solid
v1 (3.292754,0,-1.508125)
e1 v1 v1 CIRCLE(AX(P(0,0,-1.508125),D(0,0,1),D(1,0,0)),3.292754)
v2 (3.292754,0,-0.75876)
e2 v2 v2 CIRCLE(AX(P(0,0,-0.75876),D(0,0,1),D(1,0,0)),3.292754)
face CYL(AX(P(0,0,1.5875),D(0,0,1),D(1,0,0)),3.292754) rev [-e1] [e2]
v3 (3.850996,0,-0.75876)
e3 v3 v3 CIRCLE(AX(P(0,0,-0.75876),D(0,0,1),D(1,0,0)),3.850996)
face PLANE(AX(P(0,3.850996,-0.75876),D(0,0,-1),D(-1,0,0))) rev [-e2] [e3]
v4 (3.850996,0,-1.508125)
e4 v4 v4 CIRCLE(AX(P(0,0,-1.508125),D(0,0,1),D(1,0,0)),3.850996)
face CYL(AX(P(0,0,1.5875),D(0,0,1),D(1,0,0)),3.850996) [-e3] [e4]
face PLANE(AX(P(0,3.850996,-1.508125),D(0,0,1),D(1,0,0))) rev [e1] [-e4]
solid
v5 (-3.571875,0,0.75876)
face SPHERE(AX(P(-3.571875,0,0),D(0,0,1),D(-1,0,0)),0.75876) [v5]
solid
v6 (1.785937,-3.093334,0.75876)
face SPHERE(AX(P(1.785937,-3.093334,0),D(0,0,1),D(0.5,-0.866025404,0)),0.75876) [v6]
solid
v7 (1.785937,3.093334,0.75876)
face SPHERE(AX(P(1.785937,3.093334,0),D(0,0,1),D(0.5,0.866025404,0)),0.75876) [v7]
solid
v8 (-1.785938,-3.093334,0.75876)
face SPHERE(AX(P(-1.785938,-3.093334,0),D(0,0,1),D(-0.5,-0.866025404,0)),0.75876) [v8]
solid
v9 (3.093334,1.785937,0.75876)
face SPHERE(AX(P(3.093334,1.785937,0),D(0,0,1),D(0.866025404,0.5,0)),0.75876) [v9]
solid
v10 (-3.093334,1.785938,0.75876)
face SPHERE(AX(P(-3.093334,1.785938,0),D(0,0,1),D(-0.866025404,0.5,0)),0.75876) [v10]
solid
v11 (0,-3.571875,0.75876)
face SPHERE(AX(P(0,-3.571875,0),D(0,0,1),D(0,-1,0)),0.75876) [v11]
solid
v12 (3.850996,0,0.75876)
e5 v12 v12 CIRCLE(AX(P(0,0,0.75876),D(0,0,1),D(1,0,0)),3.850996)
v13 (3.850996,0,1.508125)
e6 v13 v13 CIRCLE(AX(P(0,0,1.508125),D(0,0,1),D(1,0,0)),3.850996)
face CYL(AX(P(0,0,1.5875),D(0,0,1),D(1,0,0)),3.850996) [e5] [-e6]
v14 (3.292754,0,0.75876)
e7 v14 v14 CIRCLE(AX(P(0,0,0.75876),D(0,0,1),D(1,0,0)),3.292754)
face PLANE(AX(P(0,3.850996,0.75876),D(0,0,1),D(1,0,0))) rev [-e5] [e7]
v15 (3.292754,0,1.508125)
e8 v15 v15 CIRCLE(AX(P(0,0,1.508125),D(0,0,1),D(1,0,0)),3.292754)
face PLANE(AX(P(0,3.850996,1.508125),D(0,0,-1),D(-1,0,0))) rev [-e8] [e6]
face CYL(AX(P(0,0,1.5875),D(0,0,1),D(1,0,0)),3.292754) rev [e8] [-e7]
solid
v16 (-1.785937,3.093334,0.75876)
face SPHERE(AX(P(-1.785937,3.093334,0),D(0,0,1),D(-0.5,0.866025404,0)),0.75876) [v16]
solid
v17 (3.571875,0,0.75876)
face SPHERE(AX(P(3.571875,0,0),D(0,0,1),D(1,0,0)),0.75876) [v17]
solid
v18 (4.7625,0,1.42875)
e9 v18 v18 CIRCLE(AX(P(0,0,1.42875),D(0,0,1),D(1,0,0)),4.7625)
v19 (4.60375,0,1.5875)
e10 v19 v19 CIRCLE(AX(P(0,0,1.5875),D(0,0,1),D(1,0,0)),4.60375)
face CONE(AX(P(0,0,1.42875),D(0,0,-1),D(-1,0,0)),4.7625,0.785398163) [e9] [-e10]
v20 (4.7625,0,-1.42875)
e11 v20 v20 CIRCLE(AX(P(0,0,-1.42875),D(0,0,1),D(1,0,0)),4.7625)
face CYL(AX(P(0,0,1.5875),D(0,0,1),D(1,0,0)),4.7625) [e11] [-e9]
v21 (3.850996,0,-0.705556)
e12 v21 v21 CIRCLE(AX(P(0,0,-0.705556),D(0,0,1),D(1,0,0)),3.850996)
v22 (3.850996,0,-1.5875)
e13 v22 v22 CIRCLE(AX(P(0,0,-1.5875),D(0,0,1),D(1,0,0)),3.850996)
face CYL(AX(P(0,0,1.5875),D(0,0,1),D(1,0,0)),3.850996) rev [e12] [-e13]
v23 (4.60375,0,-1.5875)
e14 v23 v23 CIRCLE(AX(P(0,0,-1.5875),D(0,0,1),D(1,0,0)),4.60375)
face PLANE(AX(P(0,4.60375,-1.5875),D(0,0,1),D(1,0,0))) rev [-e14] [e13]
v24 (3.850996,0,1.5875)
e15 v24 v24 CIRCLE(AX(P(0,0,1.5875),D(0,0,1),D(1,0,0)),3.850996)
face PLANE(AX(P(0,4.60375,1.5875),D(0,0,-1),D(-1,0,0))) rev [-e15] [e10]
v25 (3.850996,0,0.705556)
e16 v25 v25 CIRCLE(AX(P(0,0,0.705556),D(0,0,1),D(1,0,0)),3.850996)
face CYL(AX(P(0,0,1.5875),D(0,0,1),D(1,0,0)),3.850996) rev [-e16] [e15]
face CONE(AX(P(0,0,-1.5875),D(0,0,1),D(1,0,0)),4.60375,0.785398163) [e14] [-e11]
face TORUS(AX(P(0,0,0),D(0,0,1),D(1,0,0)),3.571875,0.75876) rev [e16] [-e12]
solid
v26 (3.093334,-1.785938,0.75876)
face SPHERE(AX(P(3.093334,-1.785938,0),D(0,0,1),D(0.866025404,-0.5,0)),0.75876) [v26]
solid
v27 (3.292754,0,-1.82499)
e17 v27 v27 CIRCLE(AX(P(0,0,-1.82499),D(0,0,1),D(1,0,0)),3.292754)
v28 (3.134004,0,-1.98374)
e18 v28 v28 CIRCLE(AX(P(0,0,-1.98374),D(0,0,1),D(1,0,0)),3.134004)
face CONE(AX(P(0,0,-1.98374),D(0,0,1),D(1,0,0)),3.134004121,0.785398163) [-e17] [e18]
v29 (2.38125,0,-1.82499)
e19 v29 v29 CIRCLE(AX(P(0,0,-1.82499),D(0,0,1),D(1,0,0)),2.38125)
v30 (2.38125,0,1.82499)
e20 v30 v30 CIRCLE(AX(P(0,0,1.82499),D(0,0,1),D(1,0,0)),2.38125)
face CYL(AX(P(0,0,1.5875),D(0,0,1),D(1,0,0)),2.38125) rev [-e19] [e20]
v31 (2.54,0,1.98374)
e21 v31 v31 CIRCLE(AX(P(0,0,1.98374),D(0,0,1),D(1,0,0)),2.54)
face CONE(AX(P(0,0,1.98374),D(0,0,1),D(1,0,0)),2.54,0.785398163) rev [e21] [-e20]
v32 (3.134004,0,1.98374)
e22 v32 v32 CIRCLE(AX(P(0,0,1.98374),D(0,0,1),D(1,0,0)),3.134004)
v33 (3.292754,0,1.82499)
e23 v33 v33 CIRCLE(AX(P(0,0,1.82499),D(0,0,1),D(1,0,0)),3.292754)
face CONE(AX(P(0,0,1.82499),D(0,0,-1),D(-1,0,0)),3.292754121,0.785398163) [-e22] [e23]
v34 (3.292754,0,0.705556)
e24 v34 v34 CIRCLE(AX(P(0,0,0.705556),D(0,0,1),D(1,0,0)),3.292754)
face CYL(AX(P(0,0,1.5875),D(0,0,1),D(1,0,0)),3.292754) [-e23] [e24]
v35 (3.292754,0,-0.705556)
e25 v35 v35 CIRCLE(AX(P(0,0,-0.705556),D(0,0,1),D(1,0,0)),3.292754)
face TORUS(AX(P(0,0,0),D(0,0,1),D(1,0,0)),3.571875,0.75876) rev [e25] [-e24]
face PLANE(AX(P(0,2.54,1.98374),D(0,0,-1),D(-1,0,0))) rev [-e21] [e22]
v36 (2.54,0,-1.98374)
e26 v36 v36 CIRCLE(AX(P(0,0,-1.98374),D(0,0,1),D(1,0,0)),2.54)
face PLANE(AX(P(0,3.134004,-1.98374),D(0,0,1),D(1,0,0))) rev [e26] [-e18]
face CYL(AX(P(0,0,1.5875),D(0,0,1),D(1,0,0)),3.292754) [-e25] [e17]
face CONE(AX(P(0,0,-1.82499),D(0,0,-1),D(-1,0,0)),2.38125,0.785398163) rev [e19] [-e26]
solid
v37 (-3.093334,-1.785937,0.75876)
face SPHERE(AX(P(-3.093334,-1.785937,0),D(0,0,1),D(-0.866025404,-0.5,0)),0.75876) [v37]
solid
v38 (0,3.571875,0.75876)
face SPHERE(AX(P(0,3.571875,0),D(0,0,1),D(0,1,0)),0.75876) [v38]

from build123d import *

# Parameters (mm, degrees)
CIRPATTERN1_COUNT = 12
SKETCH5_W         = 0.749364756
SKETCH5_H         = 0.558241758


with BuildPart() as part:
    # Sketch1 → Revolve1 (revolve)
    with BuildSketch(Plane(origin=(0, 0, 0), x_dir=(0, 0, -1), z_dir=(1, 0, 0))):
        with BuildLine():
            Line((1.42875, 4.7625), (-1.42875, 4.7625))
            Line((-1.42875, 4.7625), (-1.5875, 4.60375))
            Line((-1.5875, 4.60375), (-1.5875, 3.850995879))
            Line((-1.5875, 3.850995879), (-0.705555556, 3.850995879))
            ThreePointArc((-0.705555556, 3.850995879), (0, 4.330635244), (0.705555556, 3.850995879))
            Line((0.705555556, 3.850995879), (1.5875, 3.850995879))
            Line((1.5875, 3.850995879), (1.5875, 4.60375))
            Line((1.5875, 4.60375), (1.42875, 4.7625))
        make_face()
    revolve(axis=Axis((0, 0, 1.5875), (0, 0, -1)))


with BuildPart() as body_2:
    # Sketch3 → Revolve3 (revolve)
    with BuildSketch(Plane(origin=(0, 0, 0), x_dir=(0, 0, -1), z_dir=(1, 0, 0))):
        with BuildLine():
            Line((-1.98374, 2.54), (-1.98374, 3.134004121))
            Line((-1.98374, 3.134004121), (-1.82499, 3.292754121))
            Line((-1.82499, 3.292754121), (-0.705555556, 3.292754121))
            ThreePointArc((-0.705555556, 3.292754121), (0, 2.813114756), (0.705555556, 3.292754121))
            Line((0.705555556, 3.292754121), (1.82499, 3.292754121))
            Line((1.82499, 3.292754121), (1.98374, 3.134004121))
            Line((1.98374, 3.134004121), (1.98374, 2.54))
            Line((1.98374, 2.54), (1.82499, 2.38125))
            Line((1.82499, 2.38125), (-1.82499, 2.38125))
            Line((-1.82499, 2.38125), (-1.98374, 2.54))
        make_face()
    revolve(axis=Axis((0, 0, 1.5875), (0, 0, -1)))


with BuildPart() as body_3:
    # Sketch4 → Revolve4 (revolve)
    with BuildSketch(Plane(origin=(0, 0, 0), x_dir=(0, 0, -1), z_dir=(1, 0, 0))):
        with BuildLine():
            Line((-0.758760244, 3.571875), (0.758760244, 3.571875))
            ThreePointArc((0.758760244, 3.571875), (0, 4.330635244), (-0.758760244, 3.571875))
        make_face()
    revolve(axis=Axis((0, 3.571875, 0.758760244), (0, 0, -1)))


with BuildPart() as cirpattern1_1:
    # CirPattern1: pattern copy
    add(body_3.part.rotate(Axis((0, 0, -1.5875), (0, 0, 1)), 1 * 360 / CIRPATTERN1_COUNT))


with BuildPart() as cirpattern1_2:
    # CirPattern1: pattern copy
    add(body_3.part.rotate(Axis((0, 0, -1.5875), (0, 0, 1)), 2 * 360 / CIRPATTERN1_COUNT))


with BuildPart() as cirpattern1_3:
    # CirPattern1: pattern copy
    add(body_3.part.rotate(Axis((0, 0, -1.5875), (0, 0, 1)), 3 * 360 / CIRPATTERN1_COUNT))


with BuildPart() as cirpattern1_4:
    # CirPattern1: pattern copy
    add(body_3.part.rotate(Axis((0, 0, -1.5875), (0, 0, 1)), 4 * 360 / CIRPATTERN1_COUNT))


with BuildPart() as cirpattern1_5:
    # CirPattern1: pattern copy
    add(body_3.part.rotate(Axis((0, 0, -1.5875), (0, 0, 1)), 5 * 360 / CIRPATTERN1_COUNT))


with BuildPart() as cirpattern1_6:
    # CirPattern1: pattern copy
    add(body_3.part.rotate(Axis((0, 0, -1.5875), (0, 0, 1)), 6 * 360 / CIRPATTERN1_COUNT))


with BuildPart() as cirpattern1_7:
    # CirPattern1: pattern copy
    add(body_3.part.rotate(Axis((0, 0, -1.5875), (0, 0, 1)), 7 * 360 / CIRPATTERN1_COUNT))


with BuildPart() as cirpattern1_8:
    # CirPattern1: pattern copy
    add(body_3.part.rotate(Axis((0, 0, -1.5875), (0, 0, 1)), 8 * 360 / CIRPATTERN1_COUNT))


with BuildPart() as cirpattern1_9:
    # CirPattern1: pattern copy
    add(body_3.part.rotate(Axis((0, 0, -1.5875), (0, 0, 1)), 9 * 360 / CIRPATTERN1_COUNT))


with BuildPart() as cirpattern1_10:
    # CirPattern1: pattern copy
    add(body_3.part.rotate(Axis((0, 0, -1.5875), (0, 0, 1)), 10 * 360 / CIRPATTERN1_COUNT))


with BuildPart() as cirpattern1_11:
    # CirPattern1: pattern copy
    add(body_3.part.rotate(Axis((0, 0, -1.5875), (0, 0, 1)), 11 * 360 / CIRPATTERN1_COUNT))


with BuildPart() as body_15:
    # Sketch5 → Revolve5 (revolve)
    with BuildSketch(Plane(origin=(0, 0, 0), x_dir=(0, 0, -1), z_dir=(1, 0, 0))):
        with Locations((-1.133442622, 3.571875)):
            Rectangle(SKETCH5_W, SKETCH5_H)
        with Locations((1.133442622, 3.571875)):
            Rectangle(SKETCH5_W, SKETCH5_H)
    revolve(axis=Axis((0, 0, 1.5875), (0, 0, -1)))


solid = Compound([part.part, body_2.part, body_3.part, cirpattern1_1.part, cirpattern1_2.part, cirpattern1_3.part, cirpattern1_4.part, cirpattern1_5.part, cirpattern1_6.part, cirpattern1_7.part, cirpattern1_8.part, cirpattern1_9.part, cirpattern1_10.part, cirpattern1_11.part, body_15.part])
